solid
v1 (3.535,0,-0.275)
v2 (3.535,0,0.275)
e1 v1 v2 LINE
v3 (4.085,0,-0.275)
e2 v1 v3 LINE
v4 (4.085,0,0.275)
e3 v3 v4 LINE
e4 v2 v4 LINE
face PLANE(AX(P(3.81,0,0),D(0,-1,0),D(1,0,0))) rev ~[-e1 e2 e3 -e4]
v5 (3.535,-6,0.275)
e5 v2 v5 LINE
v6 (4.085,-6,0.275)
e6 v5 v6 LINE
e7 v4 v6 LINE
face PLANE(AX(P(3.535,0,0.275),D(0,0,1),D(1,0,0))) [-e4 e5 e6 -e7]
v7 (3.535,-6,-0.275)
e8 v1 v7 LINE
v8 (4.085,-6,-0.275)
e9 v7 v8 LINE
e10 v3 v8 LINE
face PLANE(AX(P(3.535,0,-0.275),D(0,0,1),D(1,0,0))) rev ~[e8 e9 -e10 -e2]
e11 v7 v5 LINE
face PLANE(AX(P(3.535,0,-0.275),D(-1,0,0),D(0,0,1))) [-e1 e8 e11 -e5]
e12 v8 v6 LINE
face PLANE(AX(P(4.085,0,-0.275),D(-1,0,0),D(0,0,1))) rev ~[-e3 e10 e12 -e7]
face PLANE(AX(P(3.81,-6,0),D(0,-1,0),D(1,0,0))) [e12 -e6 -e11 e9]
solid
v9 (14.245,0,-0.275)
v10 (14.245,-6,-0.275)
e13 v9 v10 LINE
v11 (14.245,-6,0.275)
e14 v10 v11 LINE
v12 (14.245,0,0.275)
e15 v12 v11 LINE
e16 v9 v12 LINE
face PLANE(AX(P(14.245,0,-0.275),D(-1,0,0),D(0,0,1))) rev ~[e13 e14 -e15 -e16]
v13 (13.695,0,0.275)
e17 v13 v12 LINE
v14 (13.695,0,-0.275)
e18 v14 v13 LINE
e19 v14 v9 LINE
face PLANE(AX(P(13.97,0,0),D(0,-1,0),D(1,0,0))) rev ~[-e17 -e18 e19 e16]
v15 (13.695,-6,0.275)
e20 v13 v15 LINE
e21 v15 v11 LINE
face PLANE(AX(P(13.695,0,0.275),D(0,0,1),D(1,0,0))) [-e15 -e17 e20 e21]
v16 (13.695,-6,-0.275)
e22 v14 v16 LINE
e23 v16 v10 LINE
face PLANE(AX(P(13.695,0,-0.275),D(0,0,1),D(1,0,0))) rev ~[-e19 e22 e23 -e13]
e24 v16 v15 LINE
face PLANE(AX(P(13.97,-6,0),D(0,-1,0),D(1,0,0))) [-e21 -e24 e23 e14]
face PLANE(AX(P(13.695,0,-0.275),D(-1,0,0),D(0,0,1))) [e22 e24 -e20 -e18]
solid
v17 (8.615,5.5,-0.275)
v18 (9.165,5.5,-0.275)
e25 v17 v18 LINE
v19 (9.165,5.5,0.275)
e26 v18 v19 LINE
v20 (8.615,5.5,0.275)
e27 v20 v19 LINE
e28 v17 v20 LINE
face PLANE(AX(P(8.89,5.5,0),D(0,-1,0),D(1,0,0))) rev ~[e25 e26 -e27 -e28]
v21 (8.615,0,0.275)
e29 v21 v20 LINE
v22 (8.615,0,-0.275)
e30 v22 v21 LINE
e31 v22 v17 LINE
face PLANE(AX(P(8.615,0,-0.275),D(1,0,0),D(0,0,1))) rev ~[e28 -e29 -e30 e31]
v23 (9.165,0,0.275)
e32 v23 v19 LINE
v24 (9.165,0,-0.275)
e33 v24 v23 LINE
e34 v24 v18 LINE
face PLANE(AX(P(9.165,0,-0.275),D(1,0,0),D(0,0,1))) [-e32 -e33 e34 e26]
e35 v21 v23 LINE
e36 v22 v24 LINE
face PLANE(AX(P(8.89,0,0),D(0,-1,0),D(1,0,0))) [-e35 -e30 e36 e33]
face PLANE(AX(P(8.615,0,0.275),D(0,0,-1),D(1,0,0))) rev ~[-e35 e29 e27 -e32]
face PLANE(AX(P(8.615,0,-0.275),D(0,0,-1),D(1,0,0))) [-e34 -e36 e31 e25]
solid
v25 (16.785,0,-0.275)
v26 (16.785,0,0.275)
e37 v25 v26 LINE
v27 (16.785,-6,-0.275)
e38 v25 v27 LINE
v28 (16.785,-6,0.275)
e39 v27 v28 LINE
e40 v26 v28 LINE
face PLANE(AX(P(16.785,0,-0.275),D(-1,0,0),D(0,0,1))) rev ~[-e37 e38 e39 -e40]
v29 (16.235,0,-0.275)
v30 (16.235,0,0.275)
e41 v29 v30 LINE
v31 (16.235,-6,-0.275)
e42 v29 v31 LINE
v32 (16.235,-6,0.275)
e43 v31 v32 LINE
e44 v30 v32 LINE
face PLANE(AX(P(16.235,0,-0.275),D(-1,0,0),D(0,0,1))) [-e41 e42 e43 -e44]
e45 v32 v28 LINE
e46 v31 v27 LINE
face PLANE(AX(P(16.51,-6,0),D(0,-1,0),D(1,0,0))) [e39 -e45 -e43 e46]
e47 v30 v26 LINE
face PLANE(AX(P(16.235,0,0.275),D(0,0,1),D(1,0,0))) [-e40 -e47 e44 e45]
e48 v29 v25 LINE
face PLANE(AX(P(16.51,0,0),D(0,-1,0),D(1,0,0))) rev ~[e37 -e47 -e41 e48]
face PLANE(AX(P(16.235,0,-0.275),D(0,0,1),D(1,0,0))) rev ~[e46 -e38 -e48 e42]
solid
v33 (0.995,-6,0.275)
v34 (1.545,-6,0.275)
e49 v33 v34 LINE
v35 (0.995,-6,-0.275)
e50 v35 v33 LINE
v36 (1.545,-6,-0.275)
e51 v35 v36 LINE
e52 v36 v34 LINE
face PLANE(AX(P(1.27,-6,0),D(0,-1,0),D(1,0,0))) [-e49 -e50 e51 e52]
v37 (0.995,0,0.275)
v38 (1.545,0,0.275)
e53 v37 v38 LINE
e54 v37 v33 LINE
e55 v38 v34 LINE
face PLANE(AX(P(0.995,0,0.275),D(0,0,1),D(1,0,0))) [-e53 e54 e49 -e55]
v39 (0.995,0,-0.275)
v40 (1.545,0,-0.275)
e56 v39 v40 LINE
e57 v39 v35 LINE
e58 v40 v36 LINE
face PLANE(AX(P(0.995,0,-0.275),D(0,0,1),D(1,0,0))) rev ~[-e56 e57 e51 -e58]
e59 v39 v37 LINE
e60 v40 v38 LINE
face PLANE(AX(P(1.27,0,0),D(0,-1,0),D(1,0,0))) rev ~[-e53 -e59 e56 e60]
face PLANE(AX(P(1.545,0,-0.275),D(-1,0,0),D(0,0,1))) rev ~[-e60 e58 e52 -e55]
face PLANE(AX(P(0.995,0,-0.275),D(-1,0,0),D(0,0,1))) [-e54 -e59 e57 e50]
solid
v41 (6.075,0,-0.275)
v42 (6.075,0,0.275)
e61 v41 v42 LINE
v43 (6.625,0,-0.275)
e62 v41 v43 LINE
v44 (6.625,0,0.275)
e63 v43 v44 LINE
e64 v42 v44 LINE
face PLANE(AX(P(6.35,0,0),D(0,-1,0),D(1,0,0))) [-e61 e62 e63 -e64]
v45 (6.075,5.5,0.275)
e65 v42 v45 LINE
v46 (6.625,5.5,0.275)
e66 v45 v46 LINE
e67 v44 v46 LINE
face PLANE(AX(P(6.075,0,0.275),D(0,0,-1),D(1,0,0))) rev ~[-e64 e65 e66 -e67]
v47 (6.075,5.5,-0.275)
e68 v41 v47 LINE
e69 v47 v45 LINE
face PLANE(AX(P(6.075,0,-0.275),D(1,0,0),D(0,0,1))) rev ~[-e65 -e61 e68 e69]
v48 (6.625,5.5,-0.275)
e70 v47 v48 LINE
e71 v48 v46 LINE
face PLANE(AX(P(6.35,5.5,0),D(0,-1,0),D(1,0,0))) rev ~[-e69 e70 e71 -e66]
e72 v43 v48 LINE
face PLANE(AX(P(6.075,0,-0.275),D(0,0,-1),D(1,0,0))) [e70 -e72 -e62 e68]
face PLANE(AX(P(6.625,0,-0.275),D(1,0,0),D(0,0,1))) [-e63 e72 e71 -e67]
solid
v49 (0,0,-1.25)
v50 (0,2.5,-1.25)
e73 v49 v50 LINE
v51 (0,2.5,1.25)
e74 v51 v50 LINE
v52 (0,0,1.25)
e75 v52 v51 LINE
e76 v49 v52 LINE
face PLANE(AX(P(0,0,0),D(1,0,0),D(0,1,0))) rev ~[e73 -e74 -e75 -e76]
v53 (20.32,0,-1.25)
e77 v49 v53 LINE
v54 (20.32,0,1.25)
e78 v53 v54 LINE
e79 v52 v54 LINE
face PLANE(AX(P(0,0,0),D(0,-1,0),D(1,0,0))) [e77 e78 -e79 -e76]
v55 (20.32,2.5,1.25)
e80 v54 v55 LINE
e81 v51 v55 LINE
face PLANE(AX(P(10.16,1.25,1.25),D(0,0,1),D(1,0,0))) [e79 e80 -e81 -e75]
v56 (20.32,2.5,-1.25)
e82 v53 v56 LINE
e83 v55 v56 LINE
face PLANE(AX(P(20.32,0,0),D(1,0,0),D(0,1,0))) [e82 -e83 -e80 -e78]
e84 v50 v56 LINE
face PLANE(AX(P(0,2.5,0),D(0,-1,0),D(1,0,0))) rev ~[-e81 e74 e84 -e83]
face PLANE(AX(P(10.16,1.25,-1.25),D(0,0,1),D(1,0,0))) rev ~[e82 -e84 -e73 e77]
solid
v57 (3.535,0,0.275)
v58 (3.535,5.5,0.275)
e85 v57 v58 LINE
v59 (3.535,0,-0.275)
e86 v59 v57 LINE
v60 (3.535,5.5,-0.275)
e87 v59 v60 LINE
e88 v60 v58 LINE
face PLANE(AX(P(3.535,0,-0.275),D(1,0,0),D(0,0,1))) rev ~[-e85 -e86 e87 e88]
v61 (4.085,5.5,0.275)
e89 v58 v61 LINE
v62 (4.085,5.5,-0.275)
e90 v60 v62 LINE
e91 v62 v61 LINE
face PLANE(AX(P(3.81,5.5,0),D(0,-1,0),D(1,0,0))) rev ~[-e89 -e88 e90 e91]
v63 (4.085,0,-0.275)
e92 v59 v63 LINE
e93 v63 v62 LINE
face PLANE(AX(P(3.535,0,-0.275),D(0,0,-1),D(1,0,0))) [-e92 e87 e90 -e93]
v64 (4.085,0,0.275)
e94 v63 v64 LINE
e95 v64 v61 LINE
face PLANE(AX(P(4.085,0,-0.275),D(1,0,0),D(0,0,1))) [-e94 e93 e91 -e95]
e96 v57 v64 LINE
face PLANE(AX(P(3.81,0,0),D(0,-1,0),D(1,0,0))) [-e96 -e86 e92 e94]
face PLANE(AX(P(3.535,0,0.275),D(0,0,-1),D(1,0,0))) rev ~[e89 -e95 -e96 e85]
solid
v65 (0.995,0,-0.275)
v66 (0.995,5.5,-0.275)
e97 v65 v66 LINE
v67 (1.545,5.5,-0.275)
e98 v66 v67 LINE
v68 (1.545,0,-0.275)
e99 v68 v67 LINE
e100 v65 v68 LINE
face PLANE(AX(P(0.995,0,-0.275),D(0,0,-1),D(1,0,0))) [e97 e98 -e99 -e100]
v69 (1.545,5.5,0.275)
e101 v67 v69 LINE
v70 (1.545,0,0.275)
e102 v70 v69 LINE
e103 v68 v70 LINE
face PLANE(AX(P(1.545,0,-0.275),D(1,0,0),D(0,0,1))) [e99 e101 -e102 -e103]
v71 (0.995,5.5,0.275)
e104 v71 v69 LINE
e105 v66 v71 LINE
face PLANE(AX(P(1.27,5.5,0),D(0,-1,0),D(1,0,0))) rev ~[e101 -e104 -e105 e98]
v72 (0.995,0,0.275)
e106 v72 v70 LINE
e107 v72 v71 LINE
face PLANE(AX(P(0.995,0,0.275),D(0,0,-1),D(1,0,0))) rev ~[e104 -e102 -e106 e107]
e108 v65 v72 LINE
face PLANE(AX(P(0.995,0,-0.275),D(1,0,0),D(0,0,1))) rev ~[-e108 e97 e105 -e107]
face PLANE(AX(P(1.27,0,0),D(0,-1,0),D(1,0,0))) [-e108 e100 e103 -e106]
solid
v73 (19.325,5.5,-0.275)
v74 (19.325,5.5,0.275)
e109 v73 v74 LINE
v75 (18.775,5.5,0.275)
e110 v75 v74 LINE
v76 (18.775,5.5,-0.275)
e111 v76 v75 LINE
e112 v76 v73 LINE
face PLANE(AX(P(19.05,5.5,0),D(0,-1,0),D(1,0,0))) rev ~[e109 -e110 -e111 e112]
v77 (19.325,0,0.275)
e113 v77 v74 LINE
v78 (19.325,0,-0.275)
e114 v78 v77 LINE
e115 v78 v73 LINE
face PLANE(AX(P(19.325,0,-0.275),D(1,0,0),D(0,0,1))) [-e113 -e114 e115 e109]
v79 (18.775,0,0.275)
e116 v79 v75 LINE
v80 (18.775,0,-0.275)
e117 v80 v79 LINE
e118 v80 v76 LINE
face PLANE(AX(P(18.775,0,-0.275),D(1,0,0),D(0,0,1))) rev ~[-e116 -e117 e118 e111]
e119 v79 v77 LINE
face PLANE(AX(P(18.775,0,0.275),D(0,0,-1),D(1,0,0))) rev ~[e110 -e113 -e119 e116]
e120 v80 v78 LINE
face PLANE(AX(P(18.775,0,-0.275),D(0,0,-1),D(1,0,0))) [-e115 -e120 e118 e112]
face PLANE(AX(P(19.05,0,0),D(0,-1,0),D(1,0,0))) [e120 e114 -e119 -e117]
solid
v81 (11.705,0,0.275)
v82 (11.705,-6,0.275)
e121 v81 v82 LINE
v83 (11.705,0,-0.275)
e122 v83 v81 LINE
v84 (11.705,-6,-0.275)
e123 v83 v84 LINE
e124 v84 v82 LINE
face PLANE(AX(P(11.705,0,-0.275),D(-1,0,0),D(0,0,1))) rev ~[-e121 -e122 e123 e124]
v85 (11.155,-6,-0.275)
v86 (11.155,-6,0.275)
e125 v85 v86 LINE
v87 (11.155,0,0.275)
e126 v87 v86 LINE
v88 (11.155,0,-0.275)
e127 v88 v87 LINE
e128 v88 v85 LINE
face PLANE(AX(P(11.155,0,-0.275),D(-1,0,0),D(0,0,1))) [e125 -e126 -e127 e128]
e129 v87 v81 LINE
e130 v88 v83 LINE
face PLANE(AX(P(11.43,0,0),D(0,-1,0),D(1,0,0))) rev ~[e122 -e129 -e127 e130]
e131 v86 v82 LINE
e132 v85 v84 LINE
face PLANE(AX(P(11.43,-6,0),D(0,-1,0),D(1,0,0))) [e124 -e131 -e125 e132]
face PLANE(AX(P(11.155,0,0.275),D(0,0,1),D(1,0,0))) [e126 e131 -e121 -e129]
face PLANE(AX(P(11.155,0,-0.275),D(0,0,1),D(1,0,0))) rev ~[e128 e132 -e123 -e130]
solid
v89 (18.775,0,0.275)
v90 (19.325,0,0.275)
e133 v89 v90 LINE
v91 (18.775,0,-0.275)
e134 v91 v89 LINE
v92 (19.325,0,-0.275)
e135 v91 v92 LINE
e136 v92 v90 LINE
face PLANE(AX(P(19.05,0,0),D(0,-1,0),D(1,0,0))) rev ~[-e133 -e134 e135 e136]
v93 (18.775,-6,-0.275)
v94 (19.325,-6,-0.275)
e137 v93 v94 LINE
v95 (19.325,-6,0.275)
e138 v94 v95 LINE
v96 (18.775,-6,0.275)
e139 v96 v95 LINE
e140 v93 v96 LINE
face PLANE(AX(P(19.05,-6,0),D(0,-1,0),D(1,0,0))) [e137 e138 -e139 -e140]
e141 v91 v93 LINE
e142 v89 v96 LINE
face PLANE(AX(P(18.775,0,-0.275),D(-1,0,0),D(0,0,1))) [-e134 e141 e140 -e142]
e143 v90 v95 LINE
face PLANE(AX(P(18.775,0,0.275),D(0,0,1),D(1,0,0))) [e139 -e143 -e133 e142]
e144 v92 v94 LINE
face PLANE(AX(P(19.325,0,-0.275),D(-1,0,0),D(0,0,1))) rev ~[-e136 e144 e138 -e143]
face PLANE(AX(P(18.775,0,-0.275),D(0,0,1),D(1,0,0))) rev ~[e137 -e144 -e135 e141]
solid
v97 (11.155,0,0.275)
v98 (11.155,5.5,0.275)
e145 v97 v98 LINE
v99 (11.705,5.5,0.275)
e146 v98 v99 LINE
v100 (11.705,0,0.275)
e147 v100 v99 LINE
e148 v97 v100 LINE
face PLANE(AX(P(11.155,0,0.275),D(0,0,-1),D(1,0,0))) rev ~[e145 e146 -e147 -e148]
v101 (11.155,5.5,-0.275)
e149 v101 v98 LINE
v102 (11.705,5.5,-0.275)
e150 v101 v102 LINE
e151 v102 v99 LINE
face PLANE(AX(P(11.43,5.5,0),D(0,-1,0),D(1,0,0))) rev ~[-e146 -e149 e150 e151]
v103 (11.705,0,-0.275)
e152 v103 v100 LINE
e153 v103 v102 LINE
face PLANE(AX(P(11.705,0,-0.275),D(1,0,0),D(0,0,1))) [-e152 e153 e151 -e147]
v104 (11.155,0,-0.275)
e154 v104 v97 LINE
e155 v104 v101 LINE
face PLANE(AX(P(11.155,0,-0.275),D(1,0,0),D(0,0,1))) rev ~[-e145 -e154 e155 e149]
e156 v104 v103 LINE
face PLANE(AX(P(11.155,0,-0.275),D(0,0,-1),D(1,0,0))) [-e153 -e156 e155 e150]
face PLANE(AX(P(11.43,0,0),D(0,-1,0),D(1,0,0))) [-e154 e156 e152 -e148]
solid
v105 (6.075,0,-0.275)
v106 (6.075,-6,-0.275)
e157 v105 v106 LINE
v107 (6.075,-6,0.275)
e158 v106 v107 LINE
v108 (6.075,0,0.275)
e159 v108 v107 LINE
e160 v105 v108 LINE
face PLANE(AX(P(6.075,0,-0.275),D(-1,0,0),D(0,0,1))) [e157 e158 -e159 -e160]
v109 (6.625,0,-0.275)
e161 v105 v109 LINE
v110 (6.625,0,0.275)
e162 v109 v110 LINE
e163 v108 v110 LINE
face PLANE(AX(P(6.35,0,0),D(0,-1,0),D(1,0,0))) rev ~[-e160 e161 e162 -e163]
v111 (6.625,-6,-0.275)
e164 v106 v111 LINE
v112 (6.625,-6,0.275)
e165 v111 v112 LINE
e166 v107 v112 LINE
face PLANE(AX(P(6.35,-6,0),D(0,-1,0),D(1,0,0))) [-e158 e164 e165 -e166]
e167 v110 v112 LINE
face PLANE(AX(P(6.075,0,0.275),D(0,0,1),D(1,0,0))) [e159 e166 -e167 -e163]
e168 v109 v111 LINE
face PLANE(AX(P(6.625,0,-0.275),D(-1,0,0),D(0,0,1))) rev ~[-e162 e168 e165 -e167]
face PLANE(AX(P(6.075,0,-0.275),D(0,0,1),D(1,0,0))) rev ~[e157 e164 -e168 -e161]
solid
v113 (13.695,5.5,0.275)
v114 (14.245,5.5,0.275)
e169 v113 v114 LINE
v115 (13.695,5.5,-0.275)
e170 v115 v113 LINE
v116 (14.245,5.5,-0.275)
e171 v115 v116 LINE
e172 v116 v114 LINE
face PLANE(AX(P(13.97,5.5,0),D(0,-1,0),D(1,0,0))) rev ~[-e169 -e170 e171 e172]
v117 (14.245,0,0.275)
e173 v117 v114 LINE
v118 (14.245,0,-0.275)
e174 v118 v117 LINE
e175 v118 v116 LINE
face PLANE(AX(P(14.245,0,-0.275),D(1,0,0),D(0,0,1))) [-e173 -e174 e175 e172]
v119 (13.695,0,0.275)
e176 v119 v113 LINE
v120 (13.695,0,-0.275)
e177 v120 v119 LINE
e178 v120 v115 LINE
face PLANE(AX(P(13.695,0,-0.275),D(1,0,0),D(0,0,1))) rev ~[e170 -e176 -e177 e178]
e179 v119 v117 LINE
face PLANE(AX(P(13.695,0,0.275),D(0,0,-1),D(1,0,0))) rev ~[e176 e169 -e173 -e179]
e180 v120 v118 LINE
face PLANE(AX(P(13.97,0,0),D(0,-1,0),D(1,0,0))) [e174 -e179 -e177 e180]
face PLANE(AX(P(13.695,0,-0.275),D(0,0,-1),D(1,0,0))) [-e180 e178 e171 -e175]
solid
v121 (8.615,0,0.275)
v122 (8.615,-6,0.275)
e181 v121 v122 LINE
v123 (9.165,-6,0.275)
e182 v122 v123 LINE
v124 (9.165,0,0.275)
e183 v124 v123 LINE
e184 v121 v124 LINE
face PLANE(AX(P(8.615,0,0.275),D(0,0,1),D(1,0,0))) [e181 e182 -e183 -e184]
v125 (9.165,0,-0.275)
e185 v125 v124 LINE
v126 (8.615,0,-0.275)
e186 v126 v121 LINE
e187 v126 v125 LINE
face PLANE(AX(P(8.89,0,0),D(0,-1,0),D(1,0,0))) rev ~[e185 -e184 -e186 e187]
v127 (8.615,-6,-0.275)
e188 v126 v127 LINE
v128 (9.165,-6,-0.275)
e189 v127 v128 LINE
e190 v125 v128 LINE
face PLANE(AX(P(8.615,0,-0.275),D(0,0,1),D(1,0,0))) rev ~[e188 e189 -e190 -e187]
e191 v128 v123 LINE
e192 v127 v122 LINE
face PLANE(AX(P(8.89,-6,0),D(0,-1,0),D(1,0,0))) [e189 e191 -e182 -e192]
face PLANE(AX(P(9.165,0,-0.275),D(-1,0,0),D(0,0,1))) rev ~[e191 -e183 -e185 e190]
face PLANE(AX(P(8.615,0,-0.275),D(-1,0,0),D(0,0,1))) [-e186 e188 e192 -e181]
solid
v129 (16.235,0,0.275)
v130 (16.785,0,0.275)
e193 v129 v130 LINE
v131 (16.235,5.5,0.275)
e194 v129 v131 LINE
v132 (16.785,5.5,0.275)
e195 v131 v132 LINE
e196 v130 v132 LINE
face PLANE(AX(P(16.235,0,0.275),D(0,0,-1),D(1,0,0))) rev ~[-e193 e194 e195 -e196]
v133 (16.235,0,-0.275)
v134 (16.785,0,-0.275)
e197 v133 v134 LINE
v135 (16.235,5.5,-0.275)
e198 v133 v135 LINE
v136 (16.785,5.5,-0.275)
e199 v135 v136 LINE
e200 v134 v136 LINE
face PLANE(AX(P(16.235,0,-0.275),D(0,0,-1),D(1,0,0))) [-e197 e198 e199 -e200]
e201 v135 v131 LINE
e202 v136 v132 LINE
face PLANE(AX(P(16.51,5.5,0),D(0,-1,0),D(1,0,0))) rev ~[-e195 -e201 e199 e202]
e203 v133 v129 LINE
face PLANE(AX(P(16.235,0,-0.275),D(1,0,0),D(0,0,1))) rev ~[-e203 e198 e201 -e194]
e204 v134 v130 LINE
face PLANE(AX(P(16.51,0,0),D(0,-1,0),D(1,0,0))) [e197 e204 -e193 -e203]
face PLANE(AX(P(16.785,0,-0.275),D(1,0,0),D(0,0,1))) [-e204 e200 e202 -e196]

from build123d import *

# Parameters (mm, degrees)
SKETCH1_W             = 20.32
SKETCH1_H             = 2.5
BOSS_EXTRUDE1_DEPTH   = 1.25
SKETCH2_W             = 0.55
SKETCH2_H             = 0.55
BOSS_EXTRUDE2_DEPTH   = 6
BOSS_EXTRUDE2_2_DEPTH = 6
BOSS_EXTRUDE2_3_DEPTH = 6
BOSS_EXTRUDE2_4_DEPTH = 6
BOSS_EXTRUDE2_5_DEPTH = 6
BOSS_EXTRUDE2_6_DEPTH = 6
BOSS_EXTRUDE2_7_DEPTH = 6
BOSS_EXTRUDE2_8_DEPTH = 6
SKETCH2_2_W           = 0.55
SKETCH2_2_H           = 0.55
BOSS_EXTRUDE3_DEPTH   = 5.5
BOSS_EXTRUDE3_2_DEPTH = 5.5
BOSS_EXTRUDE3_3_DEPTH = 5.5
BOSS_EXTRUDE3_4_DEPTH = 5.5
BOSS_EXTRUDE3_5_DEPTH = 5.5
BOSS_EXTRUDE3_6_DEPTH = 5.5
BOSS_EXTRUDE3_7_DEPTH = 5.5
BOSS_EXTRUDE3_8_DEPTH = 5.5


with BuildPart() as part:
    # Sketch1 → Boss-Extrude1 (new, symmetric)
    with BuildSketch(Plane.XY):
        with Locations((10.16, 1.25)):
            Rectangle(SKETCH1_W, SKETCH1_H)
    extrude(amount=BOSS_EXTRUDE1_DEPTH, both=True)


with BuildPart() as body_2:
    # Sketch2 → Boss-Extrude2 (new body)
    with BuildSketch(Plane.XZ):
        with Locations((3.81, 0)):
            Rectangle(SKETCH2_W, SKETCH2_H)
    extrude(amount=BOSS_EXTRUDE2_DEPTH)


with BuildPart() as body_3:
    # Sketch2 → Boss-Extrude2 2 (new body)
    with BuildSketch(Plane.XZ):
        with Locations((1.27, 0)):
            Rectangle(SKETCH2_W, SKETCH2_H)
    extrude(amount=BOSS_EXTRUDE2_2_DEPTH)


with BuildPart() as body_4:
    # Sketch2 → Boss-Extrude2 3 (new body)
    with BuildSketch(Plane.XZ):
        with Locations((6.35, 0)):
            Rectangle(SKETCH2_W, SKETCH2_H)
    extrude(amount=BOSS_EXTRUDE2_3_DEPTH)


with BuildPart() as body_5:
    # Sketch2 → Boss-Extrude2 4 (new body)
    with BuildSketch(Plane.XZ):
        with Locations((8.89, 0)):
            Rectangle(SKETCH2_W, SKETCH2_H)
    extrude(amount=BOSS_EXTRUDE2_4_DEPTH)


with BuildPart() as body_6:
    # Sketch2 → Boss-Extrude2 5 (new body)
    with BuildSketch(Plane.XZ):
        with Locations((11.43, 0)):
            Rectangle(SKETCH2_W, SKETCH2_H)
    extrude(amount=BOSS_EXTRUDE2_5_DEPTH)


with BuildPart() as body_7:
    # Sketch2 → Boss-Extrude2 6 (new body)
    with BuildSketch(Plane.XZ):
        with Locations((13.97, 0)):
            Rectangle(SKETCH2_W, SKETCH2_H)
    extrude(amount=BOSS_EXTRUDE2_6_DEPTH)


with BuildPart() as body_8:
    # Sketch2 → Boss-Extrude2 7 (new body)
    with BuildSketch(Plane.XZ):
        with Locations((16.51, 0)):
            Rectangle(SKETCH2_W, SKETCH2_H)
    extrude(amount=BOSS_EXTRUDE2_7_DEPTH)


with BuildPart() as body_9:
    # Sketch2 → Boss-Extrude2 8 (new body)
    with BuildSketch(Plane.XZ):
        with Locations((19.05, 0)):
            Rectangle(SKETCH2_W, SKETCH2_H)
    extrude(amount=BOSS_EXTRUDE2_8_DEPTH)


with BuildPart() as body_10:
    # Sketch2<2> → Boss-Extrude3 (new body)
    with BuildSketch(Plane.XZ):
        with Locations((3.81, 0)):
            Rectangle(SKETCH2_2_W, SKETCH2_2_H)
    extrude(amount=-BOSS_EXTRUDE3_DEPTH)


with BuildPart() as body_11:
    # Sketch2<2> → Boss-Extrude3 2 (new body)
    with BuildSketch(Plane.XZ):
        with Locations((1.27, 0)):
            Rectangle(SKETCH2_2_W, SKETCH2_2_H)
    extrude(amount=-BOSS_EXTRUDE3_2_DEPTH)


with BuildPart() as body_12:
    # Sketch2<2> → Boss-Extrude3 3 (new body)
    with BuildSketch(Plane.XZ):
        with Locations((6.35, 0)):
            Rectangle(SKETCH2_2_W, SKETCH2_2_H)
    extrude(amount=-BOSS_EXTRUDE3_3_DEPTH)


with BuildPart() as body_13:
    # Sketch2<2> → Boss-Extrude3 4 (new body)
    with BuildSketch(Plane.XZ):
        with Locations((8.89, 0)):
            Rectangle(SKETCH2_2_W, SKETCH2_2_H)
    extrude(amount=-BOSS_EXTRUDE3_4_DEPTH)


with BuildPart() as body_14:
    # Sketch2<2> → Boss-Extrude3 5 (new body)
    with BuildSketch(Plane.XZ):
        with Locations((11.43, 0)):
            Rectangle(SKETCH2_2_W, SKETCH2_2_H)
    extrude(amount=-BOSS_EXTRUDE3_5_DEPTH)


with BuildPart() as body_15:
    # Sketch2<2> → Boss-Extrude3 6 (new body)
    with BuildSketch(Plane.XZ):
        with Locations((13.97, 0)):
            Rectangle(SKETCH2_2_W, SKETCH2_2_H)
    extrude(amount=-BOSS_EXTRUDE3_6_DEPTH)


with BuildPart() as body_16:
    # Sketch2<2> → Boss-Extrude3 7 (new body)
    with BuildSketch(Plane.XZ):
        with Locations((16.51, 0)):
            Rectangle(SKETCH2_2_W, SKETCH2_2_H)
    extrude(amount=-BOSS_EXTRUDE3_7_DEPTH)


with BuildPart() as body_17:
    # Sketch2<2> → Boss-Extrude3 8 (new body)
    with BuildSketch(Plane.XZ):
        with Locations((19.05, 0)):
            Rectangle(SKETCH2_2_W, SKETCH2_2_H)
    extrude(amount=-BOSS_EXTRUDE3_8_DEPTH)


solid = Compound([part.part, body_2.part, body_3.part, body_4.part, body_5.part, body_6.part, body_7.part, body_8.part, body_9.part, body_10.part, body_11.part, body_12.part, body_13.part, body_14.part, body_15.part, body_16.part, body_17.part])
